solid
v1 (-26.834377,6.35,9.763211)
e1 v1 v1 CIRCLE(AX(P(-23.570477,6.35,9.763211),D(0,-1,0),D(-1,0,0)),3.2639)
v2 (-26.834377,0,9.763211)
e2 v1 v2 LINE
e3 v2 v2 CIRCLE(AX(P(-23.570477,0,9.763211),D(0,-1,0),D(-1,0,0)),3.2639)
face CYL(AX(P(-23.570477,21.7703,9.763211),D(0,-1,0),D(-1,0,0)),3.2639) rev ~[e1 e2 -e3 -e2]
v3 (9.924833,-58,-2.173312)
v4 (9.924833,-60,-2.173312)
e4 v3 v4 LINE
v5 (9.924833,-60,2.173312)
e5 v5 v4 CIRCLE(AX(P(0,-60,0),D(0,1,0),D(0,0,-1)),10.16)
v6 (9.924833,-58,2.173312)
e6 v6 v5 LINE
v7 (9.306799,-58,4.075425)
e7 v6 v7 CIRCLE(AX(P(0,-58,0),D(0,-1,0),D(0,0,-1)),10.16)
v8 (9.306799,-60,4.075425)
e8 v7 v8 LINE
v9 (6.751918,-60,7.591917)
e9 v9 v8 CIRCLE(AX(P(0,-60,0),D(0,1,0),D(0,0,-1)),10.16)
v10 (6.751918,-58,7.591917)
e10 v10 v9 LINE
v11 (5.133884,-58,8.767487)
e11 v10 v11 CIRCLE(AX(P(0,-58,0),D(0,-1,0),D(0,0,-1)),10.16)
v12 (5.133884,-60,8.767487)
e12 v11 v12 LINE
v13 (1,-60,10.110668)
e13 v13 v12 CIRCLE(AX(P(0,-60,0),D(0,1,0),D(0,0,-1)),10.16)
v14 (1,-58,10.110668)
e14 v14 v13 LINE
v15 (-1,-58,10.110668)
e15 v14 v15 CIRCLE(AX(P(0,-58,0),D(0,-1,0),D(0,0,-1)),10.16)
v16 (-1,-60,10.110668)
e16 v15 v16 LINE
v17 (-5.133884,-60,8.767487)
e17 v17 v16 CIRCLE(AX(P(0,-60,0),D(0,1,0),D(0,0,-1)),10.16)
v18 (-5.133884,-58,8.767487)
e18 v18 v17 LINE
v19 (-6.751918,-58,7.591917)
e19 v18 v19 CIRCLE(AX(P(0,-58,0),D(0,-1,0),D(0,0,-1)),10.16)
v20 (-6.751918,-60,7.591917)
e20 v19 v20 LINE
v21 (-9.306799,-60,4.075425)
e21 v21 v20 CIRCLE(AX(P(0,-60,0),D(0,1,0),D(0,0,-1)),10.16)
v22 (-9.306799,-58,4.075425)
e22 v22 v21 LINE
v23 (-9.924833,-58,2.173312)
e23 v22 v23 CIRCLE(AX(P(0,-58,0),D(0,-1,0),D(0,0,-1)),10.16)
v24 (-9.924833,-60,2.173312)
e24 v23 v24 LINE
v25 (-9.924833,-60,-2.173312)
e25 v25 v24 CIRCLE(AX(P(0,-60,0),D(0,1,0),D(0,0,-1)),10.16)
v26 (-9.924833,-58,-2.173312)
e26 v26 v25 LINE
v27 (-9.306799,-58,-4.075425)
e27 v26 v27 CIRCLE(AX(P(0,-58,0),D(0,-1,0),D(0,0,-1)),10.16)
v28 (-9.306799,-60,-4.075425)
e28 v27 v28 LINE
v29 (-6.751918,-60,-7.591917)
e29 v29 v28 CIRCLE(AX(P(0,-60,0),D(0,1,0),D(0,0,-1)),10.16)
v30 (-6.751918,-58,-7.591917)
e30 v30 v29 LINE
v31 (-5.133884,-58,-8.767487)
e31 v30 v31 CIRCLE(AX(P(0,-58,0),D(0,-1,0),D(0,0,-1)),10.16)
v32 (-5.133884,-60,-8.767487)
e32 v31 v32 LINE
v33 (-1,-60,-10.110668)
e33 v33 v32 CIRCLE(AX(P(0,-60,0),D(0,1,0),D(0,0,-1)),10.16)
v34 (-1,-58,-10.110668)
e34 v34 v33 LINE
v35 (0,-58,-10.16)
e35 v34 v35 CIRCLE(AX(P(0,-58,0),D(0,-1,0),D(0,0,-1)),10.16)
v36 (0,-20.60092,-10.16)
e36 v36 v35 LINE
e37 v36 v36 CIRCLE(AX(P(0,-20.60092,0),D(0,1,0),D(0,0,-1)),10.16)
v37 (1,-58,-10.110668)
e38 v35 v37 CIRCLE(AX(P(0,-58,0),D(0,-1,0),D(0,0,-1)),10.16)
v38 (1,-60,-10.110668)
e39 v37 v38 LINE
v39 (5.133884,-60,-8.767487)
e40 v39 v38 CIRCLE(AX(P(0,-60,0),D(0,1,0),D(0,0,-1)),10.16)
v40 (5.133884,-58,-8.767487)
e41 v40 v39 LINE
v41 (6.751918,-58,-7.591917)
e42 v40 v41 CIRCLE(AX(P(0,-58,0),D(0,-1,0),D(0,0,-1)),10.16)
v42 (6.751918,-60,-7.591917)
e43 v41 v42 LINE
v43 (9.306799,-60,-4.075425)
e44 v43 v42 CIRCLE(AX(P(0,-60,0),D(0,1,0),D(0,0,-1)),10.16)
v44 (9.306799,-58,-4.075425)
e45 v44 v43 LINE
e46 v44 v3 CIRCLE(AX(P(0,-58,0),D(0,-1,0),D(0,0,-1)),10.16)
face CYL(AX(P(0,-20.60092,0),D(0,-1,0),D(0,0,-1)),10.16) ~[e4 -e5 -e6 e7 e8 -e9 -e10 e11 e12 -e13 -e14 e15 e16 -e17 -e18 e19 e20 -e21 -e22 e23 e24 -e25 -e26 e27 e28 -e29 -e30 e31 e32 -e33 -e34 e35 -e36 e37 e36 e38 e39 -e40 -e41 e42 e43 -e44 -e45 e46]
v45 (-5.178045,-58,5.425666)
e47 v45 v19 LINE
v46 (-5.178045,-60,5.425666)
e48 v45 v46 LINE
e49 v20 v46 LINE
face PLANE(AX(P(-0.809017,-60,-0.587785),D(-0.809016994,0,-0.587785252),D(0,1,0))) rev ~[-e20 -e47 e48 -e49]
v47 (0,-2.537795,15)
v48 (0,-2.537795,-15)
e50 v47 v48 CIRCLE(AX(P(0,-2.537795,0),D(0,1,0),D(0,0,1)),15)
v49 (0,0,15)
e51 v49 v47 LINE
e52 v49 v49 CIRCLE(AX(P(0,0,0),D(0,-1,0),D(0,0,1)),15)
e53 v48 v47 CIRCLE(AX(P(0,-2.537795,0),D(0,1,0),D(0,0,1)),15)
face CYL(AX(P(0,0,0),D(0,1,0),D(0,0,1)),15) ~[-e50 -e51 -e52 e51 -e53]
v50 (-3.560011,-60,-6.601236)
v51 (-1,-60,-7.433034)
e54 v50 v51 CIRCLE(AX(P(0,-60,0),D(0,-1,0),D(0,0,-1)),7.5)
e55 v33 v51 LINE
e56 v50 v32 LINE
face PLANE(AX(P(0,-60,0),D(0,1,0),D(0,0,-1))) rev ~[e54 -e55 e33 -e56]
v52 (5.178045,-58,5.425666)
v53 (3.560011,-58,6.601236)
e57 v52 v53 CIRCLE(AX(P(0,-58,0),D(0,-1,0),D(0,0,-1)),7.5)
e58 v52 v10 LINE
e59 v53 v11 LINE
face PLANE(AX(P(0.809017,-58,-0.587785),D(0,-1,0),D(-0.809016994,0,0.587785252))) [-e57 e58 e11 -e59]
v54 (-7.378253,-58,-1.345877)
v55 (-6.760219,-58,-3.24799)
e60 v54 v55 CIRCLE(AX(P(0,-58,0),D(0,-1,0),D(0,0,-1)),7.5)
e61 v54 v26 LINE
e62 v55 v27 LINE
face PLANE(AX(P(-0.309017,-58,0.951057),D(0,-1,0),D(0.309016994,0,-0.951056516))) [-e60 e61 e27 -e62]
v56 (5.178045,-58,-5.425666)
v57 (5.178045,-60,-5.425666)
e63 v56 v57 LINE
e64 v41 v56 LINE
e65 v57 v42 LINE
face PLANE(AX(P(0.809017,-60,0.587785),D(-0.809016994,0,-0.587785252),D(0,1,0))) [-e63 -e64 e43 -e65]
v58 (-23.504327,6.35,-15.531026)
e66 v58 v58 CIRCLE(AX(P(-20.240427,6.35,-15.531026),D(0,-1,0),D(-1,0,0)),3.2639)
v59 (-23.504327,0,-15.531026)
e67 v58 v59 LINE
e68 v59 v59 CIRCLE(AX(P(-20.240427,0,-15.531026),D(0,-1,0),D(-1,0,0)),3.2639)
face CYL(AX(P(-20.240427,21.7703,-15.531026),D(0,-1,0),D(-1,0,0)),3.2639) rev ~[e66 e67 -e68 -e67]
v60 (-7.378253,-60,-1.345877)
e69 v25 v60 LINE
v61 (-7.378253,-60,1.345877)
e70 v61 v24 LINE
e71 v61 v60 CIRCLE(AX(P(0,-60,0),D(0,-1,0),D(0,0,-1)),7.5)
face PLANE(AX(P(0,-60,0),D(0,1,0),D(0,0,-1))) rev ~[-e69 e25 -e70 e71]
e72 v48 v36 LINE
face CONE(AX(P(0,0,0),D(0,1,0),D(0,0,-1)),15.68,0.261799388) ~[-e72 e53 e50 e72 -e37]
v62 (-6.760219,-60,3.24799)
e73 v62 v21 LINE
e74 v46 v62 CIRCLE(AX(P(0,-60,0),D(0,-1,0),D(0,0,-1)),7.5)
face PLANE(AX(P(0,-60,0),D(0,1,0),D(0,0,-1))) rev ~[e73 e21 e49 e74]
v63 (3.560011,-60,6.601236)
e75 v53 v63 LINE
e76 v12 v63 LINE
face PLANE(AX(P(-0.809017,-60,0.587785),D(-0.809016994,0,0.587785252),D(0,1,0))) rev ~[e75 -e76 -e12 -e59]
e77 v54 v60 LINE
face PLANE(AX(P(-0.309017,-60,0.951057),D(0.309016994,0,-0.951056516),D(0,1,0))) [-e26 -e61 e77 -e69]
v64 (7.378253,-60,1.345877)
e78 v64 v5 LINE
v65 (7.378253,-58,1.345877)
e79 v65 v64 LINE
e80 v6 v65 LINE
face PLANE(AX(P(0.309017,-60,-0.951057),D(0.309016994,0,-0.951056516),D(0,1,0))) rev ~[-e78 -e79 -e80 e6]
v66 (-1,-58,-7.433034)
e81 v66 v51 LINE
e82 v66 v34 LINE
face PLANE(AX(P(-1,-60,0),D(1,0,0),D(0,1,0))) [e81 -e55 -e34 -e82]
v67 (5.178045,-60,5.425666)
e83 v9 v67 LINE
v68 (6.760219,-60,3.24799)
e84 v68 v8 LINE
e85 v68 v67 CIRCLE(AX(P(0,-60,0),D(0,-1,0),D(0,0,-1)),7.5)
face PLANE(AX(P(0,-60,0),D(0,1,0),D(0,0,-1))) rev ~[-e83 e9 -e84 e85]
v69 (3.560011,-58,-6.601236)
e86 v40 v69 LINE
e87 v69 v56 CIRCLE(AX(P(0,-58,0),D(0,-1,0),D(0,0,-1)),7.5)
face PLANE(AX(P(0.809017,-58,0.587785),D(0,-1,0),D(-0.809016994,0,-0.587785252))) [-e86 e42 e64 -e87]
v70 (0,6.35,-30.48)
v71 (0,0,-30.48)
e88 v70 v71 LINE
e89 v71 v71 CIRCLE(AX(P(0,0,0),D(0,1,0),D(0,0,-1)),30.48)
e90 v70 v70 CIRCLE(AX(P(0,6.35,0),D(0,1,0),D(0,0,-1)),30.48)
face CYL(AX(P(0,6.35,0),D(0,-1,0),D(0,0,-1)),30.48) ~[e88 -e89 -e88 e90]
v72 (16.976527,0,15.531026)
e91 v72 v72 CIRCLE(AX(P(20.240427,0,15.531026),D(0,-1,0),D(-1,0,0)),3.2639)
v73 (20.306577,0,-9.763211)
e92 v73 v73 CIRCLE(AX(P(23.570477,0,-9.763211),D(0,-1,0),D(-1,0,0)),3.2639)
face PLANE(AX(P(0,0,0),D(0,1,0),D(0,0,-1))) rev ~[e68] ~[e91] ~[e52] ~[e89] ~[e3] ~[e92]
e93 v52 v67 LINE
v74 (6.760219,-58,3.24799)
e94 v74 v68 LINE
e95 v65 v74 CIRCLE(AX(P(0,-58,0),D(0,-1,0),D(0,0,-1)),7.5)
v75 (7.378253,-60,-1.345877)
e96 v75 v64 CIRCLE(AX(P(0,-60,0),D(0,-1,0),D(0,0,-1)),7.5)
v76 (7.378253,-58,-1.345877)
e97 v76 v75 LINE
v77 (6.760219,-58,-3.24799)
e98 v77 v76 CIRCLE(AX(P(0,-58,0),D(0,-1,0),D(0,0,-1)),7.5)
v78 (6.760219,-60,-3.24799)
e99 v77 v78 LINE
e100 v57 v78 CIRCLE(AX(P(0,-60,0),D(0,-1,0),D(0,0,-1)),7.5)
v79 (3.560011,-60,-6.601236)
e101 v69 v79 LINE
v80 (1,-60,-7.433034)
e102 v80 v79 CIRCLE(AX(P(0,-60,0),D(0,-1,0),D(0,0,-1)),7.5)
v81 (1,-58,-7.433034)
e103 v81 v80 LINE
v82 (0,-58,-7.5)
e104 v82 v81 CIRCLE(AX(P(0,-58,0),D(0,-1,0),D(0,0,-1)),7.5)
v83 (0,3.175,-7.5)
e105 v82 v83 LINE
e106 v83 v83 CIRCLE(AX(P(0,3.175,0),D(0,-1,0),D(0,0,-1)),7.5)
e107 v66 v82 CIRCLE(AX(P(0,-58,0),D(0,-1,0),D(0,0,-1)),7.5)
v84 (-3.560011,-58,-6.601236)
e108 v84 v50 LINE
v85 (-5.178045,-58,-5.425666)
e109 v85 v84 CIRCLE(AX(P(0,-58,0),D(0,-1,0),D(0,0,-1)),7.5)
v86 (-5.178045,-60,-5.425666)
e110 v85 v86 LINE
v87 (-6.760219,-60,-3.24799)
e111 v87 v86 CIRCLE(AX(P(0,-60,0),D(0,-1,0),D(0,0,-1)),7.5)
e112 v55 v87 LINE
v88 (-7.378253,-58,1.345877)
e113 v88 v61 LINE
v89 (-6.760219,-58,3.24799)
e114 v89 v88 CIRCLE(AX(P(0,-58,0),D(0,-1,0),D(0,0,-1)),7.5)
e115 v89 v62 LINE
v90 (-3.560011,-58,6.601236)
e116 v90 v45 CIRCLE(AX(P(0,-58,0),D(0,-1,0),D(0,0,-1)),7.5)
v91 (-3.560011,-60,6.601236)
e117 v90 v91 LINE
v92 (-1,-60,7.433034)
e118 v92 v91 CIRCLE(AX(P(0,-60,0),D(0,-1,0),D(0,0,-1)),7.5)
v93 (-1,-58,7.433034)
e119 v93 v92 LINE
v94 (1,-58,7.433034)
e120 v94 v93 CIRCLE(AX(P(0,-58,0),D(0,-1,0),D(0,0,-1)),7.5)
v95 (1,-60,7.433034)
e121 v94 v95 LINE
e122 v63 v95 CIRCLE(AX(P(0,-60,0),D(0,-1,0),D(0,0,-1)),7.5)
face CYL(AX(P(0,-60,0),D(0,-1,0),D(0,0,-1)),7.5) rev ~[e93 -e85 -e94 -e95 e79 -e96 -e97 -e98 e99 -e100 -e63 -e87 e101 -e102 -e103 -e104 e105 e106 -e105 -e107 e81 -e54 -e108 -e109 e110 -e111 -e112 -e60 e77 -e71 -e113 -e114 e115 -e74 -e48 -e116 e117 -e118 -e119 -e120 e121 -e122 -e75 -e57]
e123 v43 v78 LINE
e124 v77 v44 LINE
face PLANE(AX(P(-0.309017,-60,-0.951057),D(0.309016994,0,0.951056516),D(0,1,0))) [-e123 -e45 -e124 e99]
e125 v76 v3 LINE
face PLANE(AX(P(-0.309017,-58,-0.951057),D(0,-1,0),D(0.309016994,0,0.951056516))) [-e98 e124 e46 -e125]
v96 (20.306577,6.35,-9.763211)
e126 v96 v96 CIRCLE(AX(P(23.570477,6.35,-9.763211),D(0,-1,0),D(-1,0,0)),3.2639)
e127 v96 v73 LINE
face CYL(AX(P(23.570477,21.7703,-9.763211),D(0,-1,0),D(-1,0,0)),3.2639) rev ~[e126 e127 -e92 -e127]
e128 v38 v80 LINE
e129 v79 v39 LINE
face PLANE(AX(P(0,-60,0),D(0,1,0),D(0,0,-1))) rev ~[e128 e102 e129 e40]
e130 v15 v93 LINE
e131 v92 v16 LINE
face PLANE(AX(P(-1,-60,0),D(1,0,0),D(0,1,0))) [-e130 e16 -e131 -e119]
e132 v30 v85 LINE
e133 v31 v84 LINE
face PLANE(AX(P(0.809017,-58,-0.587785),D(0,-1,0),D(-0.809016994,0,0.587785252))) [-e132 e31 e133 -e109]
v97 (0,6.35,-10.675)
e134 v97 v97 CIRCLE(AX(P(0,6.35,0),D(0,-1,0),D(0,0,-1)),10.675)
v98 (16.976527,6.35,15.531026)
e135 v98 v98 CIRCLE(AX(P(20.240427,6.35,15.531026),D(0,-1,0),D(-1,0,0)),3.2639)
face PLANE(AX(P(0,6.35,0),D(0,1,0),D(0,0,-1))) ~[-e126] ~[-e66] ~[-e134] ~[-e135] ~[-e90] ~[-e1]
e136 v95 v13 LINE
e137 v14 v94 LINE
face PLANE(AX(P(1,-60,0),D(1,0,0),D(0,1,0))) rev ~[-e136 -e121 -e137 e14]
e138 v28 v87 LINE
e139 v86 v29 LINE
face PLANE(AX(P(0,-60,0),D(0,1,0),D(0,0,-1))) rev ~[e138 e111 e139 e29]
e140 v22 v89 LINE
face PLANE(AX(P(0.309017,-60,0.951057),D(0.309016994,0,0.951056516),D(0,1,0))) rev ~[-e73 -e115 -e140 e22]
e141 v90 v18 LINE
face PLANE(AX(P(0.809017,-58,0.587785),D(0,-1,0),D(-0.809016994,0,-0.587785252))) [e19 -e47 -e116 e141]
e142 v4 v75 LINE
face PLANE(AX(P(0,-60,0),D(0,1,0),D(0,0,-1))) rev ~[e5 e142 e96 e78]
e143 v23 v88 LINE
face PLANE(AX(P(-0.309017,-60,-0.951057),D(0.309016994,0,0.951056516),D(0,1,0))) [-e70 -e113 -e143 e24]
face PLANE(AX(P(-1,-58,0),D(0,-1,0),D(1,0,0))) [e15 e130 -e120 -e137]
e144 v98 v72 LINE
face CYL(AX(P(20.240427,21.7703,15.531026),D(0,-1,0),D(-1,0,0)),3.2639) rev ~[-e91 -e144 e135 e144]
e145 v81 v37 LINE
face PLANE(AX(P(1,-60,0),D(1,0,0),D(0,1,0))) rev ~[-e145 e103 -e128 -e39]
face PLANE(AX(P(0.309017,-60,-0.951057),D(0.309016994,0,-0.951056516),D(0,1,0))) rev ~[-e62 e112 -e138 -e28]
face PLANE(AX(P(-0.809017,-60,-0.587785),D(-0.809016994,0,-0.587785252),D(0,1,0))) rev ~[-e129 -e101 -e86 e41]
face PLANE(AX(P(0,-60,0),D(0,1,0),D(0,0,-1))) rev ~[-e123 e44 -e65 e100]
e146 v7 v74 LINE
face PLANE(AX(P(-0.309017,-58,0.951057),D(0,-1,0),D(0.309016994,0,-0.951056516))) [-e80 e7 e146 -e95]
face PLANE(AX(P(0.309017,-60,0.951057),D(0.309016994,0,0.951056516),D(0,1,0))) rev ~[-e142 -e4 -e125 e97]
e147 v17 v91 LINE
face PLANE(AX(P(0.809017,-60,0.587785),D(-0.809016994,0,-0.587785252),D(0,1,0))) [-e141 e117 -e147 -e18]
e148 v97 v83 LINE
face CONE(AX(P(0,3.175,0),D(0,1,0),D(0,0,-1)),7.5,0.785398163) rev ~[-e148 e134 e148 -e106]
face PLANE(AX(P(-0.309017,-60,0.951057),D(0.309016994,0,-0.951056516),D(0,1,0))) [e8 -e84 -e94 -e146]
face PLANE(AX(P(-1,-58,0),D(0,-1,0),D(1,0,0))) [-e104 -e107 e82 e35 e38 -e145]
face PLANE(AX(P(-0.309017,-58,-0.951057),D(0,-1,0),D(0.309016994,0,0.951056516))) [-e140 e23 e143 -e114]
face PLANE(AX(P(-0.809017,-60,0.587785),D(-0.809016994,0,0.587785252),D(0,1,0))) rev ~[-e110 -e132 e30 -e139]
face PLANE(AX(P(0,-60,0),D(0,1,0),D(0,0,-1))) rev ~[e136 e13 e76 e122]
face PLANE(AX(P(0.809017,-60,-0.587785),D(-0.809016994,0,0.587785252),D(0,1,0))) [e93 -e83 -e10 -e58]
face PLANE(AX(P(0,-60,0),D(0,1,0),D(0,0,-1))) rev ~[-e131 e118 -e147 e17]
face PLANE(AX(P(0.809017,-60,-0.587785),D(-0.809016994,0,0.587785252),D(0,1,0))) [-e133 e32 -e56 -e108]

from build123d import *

# Parameters (mm, degrees)
SKETCH5_R                   = 7.5
CUT_EXTRUDE1_DEPTH          = 90
SKETCH6_R                   = 3.5
CUT_EXTRUDE2_DEPTH          = 20
CIRPATTERN1_COUNT           = 6
SKETCH11_R                  = 3.18
CUT_EXTRUDE4_DEPTH          = 101.105860558
SKETCH23_R                  = 30.48
CUT_EXTRUDE6_DEPTH          = 80.122584091
F_1_4_CLEARANCE_HOLE1_D     = 6.5278
F_1_4_CLEARANCE_HOLE1_DEPTH = 15.4203
F_1_4_CLEARANCE_HOLE1_TIP   = 1.961148974
CHAMFER1_SIZE               = 3.175
SKETCH26_OUTSIDE_W          = 84.718
SKETCH26_OUTSIDE_H          = 84.718
SKETCH26_OUTSIDE_R          = 15
FOR_TURNING_EASE_DEPTH      = 74.878689756
SKETCH29_W                  = 2
SKETCH29_H                  = 2
CUT_EXTRUDE7_DEPTH          = 74.878689756
CIRPATTERN4_COUNT           = 5


with BuildPart() as part:
    # Sketch1 → Revolve1 (revolve)
    with BuildSketch(Plane(origin=(0, 0, 0), x_dir=(0, 0, -1), z_dir=(1, 0, 0))):
        Polygon((0, 30.35), (12.7, 30.35), (12.7, 6.35), (30.48, 6.35), (30.48, 0), (15.68, 0), (10.16, -20.600920458), (10.16, -60), (0, -60), align=None)
    revolve(axis=Axis((0, 0, 0), (0, 1, 0)))

    # Sketch5 → Cut-Extrude1 (cut)
    with BuildSketch(Plane.XZ.offset(60)):
        Circle(SKETCH5_R)
    extrude(amount=-CUT_EXTRUDE1_DEPTH, mode=Mode.SUBTRACT)

    # Sketch6 → Cut-Extrude2 (cut, symmetric)
    with BuildSketch(Plane.XY):
        with Locations((0, 16.659966967)):
            Circle(SKETCH6_R)
    cut_extrude2 = extrude(amount=CUT_EXTRUDE2_DEPTH, both=True, mode=Mode.SUBTRACT)

    # CirPattern1: Cut-Extrude2 ×6 about axis
    cirpattern1_axis = Axis((0, 30.35, 0), (0, -1, 0))
    for i in range(1, CIRPATTERN1_COUNT):
        add(cut_extrude2.rotate(cirpattern1_axis, i * 360 / CIRPATTERN1_COUNT), mode=Mode.SUBTRACT)

    # Sketch11 → Cut-Extrude4 (cut, through all)
    with BuildSketch(Plane(origin=(0, 30.35, 0), x_dir=(1, 0, 0), z_dir=(0, 1, 0))):
        Circle(SKETCH11_R)
    extrude(amount=-CUT_EXTRUDE4_DEPTH, mode=Mode.SUBTRACT)

    # Sketch23 → Cut-Extrude6 (cut, through all)
    with BuildSketch(Plane(origin=(0, 6.35, 0), x_dir=(1, 0, 0), z_dir=(0, 1, 0))):
        Circle(SKETCH23_R)
    extrude(amount=CUT_EXTRUDE6_DEPTH, mode=Mode.SUBTRACT)

    # 1/4 Clearance Hole1
    with Locations(Plane(origin=(0, 6.35, 0), x_dir=(1, 0, 0), z_dir=(0, 1, 0))):
        with Locations((-20.240427094, 15.531025958), (23.570476573, 9.763211068), (20.240427094, -15.531025958), (-23.570476573, -9.763211068)):
            Hole(F_1_4_CLEARANCE_HOLE1_D / 2, depth=F_1_4_CLEARANCE_HOLE1_DEPTH)
            with Locations((0, 0, -(F_1_4_CLEARANCE_HOLE1_DEPTH + F_1_4_CLEARANCE_HOLE1_TIP / 2))):  # 118° drill point
                Cone(0, F_1_4_CLEARANCE_HOLE1_D / 2, F_1_4_CLEARANCE_HOLE1_TIP, mode=Mode.SUBTRACT)

    # Chamfer1
    chamfer1_edges = [part.edges().sort_by_distance(p)[0] for p in [
        (-7.5, 6.35, 0),
    ]]
    chamfer(chamfer1_edges, length=CHAMFER1_SIZE)

    # Sketch26 outside → for-turning-ease (cut, through all)
    with BuildSketch(Plane.XZ):
        Rectangle(SKETCH26_OUTSIDE_W, SKETCH26_OUTSIDE_H)
        Circle(SKETCH26_OUTSIDE_R, mode=Mode.SUBTRACT)
    extrude(amount=FOR_TURNING_EASE_DEPTH, mode=Mode.SUBTRACT)

    # Sketch29 → Cut-Extrude7 (cut, symmetric)
    with BuildSketch(Plane.XY):
        with Locations((0, -59)):
            Rectangle(SKETCH29_W, SKETCH29_H)
    cut_extrude7 = extrude(amount=CUT_EXTRUDE7_DEPTH, both=True, mode=Mode.SUBTRACT)

    # CirPattern4: Cut-Extrude7 ×5 about axis
    cirpattern4_axis = Axis((0, -60, 0), (0, -1, 0))
    for i in range(1, CIRPATTERN4_COUNT):
        add(cut_extrude7.rotate(cirpattern4_axis, i * 360 / CIRPATTERN4_COUNT), mode=Mode.SUBTRACT)


solid = part.part
